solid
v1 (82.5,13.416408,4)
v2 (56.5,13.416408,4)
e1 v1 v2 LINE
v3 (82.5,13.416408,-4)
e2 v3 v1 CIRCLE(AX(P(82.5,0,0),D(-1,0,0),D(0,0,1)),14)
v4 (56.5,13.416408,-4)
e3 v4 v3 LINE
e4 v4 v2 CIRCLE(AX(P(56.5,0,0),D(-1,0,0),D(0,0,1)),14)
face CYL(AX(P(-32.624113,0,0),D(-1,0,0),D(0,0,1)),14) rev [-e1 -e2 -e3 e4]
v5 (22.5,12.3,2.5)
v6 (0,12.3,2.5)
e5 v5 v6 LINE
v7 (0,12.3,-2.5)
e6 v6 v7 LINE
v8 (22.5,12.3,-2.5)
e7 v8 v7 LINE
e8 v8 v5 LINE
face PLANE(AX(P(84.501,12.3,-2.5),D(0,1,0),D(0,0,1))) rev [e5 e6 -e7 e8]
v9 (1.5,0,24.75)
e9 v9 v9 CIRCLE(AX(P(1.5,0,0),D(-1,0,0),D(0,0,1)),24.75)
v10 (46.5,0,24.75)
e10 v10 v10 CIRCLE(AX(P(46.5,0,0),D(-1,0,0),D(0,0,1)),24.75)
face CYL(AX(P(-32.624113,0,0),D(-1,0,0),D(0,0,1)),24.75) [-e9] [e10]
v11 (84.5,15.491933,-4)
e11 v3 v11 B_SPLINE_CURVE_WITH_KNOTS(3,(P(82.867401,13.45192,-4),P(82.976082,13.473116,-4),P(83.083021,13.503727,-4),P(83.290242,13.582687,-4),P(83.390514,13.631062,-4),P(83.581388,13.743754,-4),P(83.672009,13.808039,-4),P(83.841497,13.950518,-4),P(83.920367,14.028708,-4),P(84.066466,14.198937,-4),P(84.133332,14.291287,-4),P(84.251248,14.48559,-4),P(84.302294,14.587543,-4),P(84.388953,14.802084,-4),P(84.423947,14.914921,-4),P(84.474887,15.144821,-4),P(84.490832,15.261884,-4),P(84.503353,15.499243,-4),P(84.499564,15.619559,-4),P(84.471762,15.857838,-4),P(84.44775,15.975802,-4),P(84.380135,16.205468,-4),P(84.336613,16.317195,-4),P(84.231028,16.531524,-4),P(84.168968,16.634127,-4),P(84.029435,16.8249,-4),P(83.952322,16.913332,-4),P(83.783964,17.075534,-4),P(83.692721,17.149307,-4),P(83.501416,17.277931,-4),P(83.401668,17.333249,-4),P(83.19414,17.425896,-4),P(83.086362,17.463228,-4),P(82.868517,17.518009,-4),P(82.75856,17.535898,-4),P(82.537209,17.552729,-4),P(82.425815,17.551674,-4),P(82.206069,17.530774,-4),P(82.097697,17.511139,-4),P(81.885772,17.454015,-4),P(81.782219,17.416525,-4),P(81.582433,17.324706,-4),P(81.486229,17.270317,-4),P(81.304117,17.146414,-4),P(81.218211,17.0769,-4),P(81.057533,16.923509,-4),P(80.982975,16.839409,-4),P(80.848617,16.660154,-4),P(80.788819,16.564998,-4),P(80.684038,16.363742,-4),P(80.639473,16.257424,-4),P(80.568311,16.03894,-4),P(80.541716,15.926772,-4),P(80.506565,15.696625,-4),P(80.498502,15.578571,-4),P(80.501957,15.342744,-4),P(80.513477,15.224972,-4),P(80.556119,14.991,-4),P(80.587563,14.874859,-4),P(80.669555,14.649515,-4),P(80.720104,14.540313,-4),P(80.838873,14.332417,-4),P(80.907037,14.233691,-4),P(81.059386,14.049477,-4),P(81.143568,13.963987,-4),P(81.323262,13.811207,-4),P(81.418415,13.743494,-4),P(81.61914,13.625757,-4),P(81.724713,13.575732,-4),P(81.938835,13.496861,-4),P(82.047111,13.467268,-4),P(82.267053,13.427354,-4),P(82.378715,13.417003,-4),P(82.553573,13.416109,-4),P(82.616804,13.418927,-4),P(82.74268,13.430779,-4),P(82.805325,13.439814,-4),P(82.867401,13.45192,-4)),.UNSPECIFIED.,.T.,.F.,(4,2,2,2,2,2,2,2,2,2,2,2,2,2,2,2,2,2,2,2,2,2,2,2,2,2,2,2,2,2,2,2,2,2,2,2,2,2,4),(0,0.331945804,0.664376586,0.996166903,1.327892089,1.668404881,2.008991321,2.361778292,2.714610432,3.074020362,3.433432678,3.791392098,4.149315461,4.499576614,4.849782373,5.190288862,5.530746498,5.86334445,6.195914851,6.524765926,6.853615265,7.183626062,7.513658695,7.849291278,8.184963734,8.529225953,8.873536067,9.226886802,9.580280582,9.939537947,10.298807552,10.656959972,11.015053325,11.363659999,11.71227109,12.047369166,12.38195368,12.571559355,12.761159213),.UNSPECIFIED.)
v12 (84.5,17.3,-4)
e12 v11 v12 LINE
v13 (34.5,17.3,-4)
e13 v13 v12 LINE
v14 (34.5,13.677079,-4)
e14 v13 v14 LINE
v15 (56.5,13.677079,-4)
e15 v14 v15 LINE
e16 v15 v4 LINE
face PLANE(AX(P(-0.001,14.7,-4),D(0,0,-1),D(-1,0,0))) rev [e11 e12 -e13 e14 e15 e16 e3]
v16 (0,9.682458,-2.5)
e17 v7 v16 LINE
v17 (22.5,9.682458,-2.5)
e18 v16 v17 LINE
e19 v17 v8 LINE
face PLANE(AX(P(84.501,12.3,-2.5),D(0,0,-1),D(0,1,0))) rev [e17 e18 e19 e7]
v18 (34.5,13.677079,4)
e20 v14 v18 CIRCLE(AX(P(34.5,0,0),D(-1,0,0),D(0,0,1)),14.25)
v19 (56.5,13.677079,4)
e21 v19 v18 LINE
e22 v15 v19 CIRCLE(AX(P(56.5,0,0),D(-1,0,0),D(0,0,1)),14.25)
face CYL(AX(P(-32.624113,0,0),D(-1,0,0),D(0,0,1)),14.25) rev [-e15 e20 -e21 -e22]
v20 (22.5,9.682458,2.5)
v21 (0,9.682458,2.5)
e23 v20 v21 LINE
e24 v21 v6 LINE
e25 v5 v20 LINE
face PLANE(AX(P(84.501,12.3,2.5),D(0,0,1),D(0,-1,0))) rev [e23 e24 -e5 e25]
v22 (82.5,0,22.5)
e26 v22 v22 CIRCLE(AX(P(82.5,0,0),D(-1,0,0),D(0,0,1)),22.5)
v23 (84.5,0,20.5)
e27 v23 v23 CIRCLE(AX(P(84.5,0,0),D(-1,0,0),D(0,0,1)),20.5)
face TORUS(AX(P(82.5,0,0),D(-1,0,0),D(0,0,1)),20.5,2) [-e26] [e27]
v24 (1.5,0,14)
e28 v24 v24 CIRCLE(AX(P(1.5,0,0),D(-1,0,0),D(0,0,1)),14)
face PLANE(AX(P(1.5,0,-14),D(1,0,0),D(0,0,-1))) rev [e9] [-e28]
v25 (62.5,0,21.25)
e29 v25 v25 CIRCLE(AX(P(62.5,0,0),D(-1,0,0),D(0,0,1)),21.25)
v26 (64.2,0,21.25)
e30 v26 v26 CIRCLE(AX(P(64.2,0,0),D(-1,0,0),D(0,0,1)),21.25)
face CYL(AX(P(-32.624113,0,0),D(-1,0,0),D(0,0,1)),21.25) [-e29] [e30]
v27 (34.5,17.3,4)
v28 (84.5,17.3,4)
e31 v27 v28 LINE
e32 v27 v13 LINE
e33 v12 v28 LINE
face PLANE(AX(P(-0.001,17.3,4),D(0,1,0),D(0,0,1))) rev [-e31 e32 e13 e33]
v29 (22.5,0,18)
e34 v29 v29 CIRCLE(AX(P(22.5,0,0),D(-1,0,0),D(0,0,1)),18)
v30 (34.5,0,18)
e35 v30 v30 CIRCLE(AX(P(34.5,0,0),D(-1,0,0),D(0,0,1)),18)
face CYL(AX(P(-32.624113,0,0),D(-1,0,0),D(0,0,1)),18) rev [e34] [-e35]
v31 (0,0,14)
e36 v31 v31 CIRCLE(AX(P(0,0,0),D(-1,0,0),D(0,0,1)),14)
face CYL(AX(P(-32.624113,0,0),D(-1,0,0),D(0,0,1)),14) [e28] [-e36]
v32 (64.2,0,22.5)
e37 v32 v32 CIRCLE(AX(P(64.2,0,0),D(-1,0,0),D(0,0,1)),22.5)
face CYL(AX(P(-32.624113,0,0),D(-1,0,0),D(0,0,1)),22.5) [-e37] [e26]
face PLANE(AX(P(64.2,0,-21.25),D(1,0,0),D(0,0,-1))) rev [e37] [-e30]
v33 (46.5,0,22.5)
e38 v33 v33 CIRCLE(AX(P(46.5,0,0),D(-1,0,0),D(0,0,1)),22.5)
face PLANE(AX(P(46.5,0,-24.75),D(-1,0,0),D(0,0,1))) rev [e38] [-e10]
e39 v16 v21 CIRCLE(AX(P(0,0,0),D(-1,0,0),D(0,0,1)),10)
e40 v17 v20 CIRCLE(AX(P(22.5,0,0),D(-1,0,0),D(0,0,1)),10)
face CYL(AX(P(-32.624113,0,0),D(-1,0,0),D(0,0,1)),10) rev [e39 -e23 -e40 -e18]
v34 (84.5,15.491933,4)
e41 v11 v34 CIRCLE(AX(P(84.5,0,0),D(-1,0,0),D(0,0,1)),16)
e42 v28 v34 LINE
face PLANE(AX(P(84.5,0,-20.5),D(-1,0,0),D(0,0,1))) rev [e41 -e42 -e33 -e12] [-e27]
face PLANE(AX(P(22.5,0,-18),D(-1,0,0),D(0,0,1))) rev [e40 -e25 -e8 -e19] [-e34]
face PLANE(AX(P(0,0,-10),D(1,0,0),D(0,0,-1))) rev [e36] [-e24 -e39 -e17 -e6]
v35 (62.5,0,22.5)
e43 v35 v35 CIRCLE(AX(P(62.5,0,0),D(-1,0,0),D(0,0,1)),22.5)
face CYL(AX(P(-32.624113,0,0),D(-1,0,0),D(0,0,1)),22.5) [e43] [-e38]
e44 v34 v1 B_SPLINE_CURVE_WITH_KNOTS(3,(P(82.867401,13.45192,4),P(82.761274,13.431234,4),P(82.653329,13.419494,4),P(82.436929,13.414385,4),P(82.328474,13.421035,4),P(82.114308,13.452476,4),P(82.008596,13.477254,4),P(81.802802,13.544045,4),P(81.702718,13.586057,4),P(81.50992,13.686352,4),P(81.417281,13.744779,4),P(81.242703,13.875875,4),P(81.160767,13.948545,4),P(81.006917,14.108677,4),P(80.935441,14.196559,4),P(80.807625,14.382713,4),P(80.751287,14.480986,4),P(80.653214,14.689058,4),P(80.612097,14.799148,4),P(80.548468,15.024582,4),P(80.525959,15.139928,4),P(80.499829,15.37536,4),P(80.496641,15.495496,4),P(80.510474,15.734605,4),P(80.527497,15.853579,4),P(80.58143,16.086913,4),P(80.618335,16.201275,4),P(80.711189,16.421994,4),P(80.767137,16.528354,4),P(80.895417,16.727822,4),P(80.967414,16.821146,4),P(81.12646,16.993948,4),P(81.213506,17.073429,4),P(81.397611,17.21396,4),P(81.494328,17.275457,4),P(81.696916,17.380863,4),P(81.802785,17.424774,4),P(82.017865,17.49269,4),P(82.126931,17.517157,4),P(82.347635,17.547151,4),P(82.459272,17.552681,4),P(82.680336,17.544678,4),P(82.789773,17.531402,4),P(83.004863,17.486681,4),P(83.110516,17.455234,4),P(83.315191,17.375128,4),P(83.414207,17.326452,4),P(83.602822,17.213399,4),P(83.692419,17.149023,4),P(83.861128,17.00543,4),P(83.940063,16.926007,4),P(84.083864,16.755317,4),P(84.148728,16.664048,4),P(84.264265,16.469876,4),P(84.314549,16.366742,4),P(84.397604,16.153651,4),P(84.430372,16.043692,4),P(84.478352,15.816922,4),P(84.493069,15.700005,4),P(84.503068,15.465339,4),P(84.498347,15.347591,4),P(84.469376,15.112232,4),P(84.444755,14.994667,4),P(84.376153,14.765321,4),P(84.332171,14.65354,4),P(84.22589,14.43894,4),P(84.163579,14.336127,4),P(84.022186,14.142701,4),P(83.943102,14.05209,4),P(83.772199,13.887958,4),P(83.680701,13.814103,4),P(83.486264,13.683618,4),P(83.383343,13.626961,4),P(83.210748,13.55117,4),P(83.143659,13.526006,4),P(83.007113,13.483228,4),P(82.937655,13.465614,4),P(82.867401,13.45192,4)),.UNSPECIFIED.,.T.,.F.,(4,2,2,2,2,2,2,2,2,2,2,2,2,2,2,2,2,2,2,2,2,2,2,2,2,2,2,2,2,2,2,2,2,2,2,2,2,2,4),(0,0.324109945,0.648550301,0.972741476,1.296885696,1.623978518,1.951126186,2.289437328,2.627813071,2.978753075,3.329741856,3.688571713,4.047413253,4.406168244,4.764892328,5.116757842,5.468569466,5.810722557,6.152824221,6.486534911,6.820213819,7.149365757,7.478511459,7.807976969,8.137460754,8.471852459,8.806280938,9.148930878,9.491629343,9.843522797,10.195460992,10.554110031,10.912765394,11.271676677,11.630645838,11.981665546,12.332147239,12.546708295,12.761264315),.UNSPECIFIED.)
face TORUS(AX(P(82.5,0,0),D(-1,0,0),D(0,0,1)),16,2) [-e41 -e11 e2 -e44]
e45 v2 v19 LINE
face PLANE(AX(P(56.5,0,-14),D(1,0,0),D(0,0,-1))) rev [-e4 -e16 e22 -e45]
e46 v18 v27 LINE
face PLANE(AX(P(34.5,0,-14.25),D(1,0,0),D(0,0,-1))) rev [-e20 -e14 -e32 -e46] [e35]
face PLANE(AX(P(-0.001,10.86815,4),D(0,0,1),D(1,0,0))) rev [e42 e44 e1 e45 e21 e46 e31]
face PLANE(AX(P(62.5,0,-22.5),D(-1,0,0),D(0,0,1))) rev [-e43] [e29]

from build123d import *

# Parameters (mm, degrees)
CUT_EXTRUDE_1_REACH = 93.462
SKETCH_2_W          = 5
SKETCH_2_H          = 4.6
CUT_EXTRUDE_2_REACH = 93.462


with BuildPart() as part:
    # 草图1 → 旋转1 (revolve)
    with BuildSketch(Plane(origin=(0, 0, 0), x_dir=(1, 0, 0), z_dir=(0, 1, 0)), mode=Mode.PRIVATE) as revolve_1_sk:
        with BuildLine():
            Line((0, 10), (0, 14))
            Line((0, 14), (1.5, 14))
            Line((1.5, 14), (1.5, 24.75))
            Line((1.5, 24.75), (46.5, 24.75))
            Line((46.5, 24.75), (46.5, 22.5))
            Line((46.5, 22.5), (62.5, 22.5))
            Line((62.5, 22.5), (62.5, 21.25))
            Line((62.5, 21.25), (64.2, 21.25))
            Line((64.2, 21.25), (64.2, 22.5))
            Line((64.2, 22.5), (82.5, 22.5))
            ThreePointArc((82.5, 22.5), (83.914213562, 21.914213562), (84.5, 20.5))
            Line((84.5, 20.5), (84.5, 16))
            ThreePointArc((84.5, 16), (83.914213562, 14.585786438), (82.5, 14))
            Line((82.5, 14), (56.5, 14))
            Line((56.5, 14), (56.5, 14.25))
            Line((56.5, 14.25), (34.5, 14.25))
            Line((34.5, 14.25), (34.5, 18))
            Line((34.5, 18), (22.5, 18))
            Line((22.5, 18), (22.5, 10))
            Line((22.5, 10), (0, 10))
        make_face()
    revolve(revolve_1_sk.sketch.rotate(Axis((-32.624113475, 0, 0), (1, 0, 0)), 180), axis=Axis((-32.624113475, 0, 0), (1, 0, 0)))

    # 草图2 → 切除-拉伸1 (cut, up to next)
    with BuildSketch(Plane.ZY, mode=Mode.PRIVATE) as cut_extrude_1_sk1:
        with Locations((0, 10)):
            Rectangle(SKETCH_2_W, SKETCH_2_H)
    cut_extrude_1_tool1 = extrude(cut_extrude_1_sk1.sketch, amount=-CUT_EXTRUDE_1_REACH, mode=Mode.PRIVATE) & part.part
    add(cut_extrude_1_tool1.solids().sort_by_distance((0, 10, 0))[0], mode=Mode.SUBTRACT)

    # 草图3 → 切除-拉伸2 (cut, up to next)
    with BuildSketch(Plane(origin=(84.5, 0, 0), x_dir=(0, 0, -1), z_dir=(1, 0, 0)), mode=Mode.PRIVATE) as cut_extrude_2_sk1:
        Polygon((4, 14.7), (4, 10.868150386), (-4, 10.868150386), (-4, 14.7), (-4, 17.3), (4, 17.3), align=None)
    cut_extrude_2_tool1 = extrude(cut_extrude_2_sk1.sketch, amount=-CUT_EXTRUDE_2_REACH, mode=Mode.PRIVATE) & part.part
    add(cut_extrude_2_tool1.solids().sort_by_distance((84.5, 14.084075, 0))[0], mode=Mode.SUBTRACT)


solid = part.part
